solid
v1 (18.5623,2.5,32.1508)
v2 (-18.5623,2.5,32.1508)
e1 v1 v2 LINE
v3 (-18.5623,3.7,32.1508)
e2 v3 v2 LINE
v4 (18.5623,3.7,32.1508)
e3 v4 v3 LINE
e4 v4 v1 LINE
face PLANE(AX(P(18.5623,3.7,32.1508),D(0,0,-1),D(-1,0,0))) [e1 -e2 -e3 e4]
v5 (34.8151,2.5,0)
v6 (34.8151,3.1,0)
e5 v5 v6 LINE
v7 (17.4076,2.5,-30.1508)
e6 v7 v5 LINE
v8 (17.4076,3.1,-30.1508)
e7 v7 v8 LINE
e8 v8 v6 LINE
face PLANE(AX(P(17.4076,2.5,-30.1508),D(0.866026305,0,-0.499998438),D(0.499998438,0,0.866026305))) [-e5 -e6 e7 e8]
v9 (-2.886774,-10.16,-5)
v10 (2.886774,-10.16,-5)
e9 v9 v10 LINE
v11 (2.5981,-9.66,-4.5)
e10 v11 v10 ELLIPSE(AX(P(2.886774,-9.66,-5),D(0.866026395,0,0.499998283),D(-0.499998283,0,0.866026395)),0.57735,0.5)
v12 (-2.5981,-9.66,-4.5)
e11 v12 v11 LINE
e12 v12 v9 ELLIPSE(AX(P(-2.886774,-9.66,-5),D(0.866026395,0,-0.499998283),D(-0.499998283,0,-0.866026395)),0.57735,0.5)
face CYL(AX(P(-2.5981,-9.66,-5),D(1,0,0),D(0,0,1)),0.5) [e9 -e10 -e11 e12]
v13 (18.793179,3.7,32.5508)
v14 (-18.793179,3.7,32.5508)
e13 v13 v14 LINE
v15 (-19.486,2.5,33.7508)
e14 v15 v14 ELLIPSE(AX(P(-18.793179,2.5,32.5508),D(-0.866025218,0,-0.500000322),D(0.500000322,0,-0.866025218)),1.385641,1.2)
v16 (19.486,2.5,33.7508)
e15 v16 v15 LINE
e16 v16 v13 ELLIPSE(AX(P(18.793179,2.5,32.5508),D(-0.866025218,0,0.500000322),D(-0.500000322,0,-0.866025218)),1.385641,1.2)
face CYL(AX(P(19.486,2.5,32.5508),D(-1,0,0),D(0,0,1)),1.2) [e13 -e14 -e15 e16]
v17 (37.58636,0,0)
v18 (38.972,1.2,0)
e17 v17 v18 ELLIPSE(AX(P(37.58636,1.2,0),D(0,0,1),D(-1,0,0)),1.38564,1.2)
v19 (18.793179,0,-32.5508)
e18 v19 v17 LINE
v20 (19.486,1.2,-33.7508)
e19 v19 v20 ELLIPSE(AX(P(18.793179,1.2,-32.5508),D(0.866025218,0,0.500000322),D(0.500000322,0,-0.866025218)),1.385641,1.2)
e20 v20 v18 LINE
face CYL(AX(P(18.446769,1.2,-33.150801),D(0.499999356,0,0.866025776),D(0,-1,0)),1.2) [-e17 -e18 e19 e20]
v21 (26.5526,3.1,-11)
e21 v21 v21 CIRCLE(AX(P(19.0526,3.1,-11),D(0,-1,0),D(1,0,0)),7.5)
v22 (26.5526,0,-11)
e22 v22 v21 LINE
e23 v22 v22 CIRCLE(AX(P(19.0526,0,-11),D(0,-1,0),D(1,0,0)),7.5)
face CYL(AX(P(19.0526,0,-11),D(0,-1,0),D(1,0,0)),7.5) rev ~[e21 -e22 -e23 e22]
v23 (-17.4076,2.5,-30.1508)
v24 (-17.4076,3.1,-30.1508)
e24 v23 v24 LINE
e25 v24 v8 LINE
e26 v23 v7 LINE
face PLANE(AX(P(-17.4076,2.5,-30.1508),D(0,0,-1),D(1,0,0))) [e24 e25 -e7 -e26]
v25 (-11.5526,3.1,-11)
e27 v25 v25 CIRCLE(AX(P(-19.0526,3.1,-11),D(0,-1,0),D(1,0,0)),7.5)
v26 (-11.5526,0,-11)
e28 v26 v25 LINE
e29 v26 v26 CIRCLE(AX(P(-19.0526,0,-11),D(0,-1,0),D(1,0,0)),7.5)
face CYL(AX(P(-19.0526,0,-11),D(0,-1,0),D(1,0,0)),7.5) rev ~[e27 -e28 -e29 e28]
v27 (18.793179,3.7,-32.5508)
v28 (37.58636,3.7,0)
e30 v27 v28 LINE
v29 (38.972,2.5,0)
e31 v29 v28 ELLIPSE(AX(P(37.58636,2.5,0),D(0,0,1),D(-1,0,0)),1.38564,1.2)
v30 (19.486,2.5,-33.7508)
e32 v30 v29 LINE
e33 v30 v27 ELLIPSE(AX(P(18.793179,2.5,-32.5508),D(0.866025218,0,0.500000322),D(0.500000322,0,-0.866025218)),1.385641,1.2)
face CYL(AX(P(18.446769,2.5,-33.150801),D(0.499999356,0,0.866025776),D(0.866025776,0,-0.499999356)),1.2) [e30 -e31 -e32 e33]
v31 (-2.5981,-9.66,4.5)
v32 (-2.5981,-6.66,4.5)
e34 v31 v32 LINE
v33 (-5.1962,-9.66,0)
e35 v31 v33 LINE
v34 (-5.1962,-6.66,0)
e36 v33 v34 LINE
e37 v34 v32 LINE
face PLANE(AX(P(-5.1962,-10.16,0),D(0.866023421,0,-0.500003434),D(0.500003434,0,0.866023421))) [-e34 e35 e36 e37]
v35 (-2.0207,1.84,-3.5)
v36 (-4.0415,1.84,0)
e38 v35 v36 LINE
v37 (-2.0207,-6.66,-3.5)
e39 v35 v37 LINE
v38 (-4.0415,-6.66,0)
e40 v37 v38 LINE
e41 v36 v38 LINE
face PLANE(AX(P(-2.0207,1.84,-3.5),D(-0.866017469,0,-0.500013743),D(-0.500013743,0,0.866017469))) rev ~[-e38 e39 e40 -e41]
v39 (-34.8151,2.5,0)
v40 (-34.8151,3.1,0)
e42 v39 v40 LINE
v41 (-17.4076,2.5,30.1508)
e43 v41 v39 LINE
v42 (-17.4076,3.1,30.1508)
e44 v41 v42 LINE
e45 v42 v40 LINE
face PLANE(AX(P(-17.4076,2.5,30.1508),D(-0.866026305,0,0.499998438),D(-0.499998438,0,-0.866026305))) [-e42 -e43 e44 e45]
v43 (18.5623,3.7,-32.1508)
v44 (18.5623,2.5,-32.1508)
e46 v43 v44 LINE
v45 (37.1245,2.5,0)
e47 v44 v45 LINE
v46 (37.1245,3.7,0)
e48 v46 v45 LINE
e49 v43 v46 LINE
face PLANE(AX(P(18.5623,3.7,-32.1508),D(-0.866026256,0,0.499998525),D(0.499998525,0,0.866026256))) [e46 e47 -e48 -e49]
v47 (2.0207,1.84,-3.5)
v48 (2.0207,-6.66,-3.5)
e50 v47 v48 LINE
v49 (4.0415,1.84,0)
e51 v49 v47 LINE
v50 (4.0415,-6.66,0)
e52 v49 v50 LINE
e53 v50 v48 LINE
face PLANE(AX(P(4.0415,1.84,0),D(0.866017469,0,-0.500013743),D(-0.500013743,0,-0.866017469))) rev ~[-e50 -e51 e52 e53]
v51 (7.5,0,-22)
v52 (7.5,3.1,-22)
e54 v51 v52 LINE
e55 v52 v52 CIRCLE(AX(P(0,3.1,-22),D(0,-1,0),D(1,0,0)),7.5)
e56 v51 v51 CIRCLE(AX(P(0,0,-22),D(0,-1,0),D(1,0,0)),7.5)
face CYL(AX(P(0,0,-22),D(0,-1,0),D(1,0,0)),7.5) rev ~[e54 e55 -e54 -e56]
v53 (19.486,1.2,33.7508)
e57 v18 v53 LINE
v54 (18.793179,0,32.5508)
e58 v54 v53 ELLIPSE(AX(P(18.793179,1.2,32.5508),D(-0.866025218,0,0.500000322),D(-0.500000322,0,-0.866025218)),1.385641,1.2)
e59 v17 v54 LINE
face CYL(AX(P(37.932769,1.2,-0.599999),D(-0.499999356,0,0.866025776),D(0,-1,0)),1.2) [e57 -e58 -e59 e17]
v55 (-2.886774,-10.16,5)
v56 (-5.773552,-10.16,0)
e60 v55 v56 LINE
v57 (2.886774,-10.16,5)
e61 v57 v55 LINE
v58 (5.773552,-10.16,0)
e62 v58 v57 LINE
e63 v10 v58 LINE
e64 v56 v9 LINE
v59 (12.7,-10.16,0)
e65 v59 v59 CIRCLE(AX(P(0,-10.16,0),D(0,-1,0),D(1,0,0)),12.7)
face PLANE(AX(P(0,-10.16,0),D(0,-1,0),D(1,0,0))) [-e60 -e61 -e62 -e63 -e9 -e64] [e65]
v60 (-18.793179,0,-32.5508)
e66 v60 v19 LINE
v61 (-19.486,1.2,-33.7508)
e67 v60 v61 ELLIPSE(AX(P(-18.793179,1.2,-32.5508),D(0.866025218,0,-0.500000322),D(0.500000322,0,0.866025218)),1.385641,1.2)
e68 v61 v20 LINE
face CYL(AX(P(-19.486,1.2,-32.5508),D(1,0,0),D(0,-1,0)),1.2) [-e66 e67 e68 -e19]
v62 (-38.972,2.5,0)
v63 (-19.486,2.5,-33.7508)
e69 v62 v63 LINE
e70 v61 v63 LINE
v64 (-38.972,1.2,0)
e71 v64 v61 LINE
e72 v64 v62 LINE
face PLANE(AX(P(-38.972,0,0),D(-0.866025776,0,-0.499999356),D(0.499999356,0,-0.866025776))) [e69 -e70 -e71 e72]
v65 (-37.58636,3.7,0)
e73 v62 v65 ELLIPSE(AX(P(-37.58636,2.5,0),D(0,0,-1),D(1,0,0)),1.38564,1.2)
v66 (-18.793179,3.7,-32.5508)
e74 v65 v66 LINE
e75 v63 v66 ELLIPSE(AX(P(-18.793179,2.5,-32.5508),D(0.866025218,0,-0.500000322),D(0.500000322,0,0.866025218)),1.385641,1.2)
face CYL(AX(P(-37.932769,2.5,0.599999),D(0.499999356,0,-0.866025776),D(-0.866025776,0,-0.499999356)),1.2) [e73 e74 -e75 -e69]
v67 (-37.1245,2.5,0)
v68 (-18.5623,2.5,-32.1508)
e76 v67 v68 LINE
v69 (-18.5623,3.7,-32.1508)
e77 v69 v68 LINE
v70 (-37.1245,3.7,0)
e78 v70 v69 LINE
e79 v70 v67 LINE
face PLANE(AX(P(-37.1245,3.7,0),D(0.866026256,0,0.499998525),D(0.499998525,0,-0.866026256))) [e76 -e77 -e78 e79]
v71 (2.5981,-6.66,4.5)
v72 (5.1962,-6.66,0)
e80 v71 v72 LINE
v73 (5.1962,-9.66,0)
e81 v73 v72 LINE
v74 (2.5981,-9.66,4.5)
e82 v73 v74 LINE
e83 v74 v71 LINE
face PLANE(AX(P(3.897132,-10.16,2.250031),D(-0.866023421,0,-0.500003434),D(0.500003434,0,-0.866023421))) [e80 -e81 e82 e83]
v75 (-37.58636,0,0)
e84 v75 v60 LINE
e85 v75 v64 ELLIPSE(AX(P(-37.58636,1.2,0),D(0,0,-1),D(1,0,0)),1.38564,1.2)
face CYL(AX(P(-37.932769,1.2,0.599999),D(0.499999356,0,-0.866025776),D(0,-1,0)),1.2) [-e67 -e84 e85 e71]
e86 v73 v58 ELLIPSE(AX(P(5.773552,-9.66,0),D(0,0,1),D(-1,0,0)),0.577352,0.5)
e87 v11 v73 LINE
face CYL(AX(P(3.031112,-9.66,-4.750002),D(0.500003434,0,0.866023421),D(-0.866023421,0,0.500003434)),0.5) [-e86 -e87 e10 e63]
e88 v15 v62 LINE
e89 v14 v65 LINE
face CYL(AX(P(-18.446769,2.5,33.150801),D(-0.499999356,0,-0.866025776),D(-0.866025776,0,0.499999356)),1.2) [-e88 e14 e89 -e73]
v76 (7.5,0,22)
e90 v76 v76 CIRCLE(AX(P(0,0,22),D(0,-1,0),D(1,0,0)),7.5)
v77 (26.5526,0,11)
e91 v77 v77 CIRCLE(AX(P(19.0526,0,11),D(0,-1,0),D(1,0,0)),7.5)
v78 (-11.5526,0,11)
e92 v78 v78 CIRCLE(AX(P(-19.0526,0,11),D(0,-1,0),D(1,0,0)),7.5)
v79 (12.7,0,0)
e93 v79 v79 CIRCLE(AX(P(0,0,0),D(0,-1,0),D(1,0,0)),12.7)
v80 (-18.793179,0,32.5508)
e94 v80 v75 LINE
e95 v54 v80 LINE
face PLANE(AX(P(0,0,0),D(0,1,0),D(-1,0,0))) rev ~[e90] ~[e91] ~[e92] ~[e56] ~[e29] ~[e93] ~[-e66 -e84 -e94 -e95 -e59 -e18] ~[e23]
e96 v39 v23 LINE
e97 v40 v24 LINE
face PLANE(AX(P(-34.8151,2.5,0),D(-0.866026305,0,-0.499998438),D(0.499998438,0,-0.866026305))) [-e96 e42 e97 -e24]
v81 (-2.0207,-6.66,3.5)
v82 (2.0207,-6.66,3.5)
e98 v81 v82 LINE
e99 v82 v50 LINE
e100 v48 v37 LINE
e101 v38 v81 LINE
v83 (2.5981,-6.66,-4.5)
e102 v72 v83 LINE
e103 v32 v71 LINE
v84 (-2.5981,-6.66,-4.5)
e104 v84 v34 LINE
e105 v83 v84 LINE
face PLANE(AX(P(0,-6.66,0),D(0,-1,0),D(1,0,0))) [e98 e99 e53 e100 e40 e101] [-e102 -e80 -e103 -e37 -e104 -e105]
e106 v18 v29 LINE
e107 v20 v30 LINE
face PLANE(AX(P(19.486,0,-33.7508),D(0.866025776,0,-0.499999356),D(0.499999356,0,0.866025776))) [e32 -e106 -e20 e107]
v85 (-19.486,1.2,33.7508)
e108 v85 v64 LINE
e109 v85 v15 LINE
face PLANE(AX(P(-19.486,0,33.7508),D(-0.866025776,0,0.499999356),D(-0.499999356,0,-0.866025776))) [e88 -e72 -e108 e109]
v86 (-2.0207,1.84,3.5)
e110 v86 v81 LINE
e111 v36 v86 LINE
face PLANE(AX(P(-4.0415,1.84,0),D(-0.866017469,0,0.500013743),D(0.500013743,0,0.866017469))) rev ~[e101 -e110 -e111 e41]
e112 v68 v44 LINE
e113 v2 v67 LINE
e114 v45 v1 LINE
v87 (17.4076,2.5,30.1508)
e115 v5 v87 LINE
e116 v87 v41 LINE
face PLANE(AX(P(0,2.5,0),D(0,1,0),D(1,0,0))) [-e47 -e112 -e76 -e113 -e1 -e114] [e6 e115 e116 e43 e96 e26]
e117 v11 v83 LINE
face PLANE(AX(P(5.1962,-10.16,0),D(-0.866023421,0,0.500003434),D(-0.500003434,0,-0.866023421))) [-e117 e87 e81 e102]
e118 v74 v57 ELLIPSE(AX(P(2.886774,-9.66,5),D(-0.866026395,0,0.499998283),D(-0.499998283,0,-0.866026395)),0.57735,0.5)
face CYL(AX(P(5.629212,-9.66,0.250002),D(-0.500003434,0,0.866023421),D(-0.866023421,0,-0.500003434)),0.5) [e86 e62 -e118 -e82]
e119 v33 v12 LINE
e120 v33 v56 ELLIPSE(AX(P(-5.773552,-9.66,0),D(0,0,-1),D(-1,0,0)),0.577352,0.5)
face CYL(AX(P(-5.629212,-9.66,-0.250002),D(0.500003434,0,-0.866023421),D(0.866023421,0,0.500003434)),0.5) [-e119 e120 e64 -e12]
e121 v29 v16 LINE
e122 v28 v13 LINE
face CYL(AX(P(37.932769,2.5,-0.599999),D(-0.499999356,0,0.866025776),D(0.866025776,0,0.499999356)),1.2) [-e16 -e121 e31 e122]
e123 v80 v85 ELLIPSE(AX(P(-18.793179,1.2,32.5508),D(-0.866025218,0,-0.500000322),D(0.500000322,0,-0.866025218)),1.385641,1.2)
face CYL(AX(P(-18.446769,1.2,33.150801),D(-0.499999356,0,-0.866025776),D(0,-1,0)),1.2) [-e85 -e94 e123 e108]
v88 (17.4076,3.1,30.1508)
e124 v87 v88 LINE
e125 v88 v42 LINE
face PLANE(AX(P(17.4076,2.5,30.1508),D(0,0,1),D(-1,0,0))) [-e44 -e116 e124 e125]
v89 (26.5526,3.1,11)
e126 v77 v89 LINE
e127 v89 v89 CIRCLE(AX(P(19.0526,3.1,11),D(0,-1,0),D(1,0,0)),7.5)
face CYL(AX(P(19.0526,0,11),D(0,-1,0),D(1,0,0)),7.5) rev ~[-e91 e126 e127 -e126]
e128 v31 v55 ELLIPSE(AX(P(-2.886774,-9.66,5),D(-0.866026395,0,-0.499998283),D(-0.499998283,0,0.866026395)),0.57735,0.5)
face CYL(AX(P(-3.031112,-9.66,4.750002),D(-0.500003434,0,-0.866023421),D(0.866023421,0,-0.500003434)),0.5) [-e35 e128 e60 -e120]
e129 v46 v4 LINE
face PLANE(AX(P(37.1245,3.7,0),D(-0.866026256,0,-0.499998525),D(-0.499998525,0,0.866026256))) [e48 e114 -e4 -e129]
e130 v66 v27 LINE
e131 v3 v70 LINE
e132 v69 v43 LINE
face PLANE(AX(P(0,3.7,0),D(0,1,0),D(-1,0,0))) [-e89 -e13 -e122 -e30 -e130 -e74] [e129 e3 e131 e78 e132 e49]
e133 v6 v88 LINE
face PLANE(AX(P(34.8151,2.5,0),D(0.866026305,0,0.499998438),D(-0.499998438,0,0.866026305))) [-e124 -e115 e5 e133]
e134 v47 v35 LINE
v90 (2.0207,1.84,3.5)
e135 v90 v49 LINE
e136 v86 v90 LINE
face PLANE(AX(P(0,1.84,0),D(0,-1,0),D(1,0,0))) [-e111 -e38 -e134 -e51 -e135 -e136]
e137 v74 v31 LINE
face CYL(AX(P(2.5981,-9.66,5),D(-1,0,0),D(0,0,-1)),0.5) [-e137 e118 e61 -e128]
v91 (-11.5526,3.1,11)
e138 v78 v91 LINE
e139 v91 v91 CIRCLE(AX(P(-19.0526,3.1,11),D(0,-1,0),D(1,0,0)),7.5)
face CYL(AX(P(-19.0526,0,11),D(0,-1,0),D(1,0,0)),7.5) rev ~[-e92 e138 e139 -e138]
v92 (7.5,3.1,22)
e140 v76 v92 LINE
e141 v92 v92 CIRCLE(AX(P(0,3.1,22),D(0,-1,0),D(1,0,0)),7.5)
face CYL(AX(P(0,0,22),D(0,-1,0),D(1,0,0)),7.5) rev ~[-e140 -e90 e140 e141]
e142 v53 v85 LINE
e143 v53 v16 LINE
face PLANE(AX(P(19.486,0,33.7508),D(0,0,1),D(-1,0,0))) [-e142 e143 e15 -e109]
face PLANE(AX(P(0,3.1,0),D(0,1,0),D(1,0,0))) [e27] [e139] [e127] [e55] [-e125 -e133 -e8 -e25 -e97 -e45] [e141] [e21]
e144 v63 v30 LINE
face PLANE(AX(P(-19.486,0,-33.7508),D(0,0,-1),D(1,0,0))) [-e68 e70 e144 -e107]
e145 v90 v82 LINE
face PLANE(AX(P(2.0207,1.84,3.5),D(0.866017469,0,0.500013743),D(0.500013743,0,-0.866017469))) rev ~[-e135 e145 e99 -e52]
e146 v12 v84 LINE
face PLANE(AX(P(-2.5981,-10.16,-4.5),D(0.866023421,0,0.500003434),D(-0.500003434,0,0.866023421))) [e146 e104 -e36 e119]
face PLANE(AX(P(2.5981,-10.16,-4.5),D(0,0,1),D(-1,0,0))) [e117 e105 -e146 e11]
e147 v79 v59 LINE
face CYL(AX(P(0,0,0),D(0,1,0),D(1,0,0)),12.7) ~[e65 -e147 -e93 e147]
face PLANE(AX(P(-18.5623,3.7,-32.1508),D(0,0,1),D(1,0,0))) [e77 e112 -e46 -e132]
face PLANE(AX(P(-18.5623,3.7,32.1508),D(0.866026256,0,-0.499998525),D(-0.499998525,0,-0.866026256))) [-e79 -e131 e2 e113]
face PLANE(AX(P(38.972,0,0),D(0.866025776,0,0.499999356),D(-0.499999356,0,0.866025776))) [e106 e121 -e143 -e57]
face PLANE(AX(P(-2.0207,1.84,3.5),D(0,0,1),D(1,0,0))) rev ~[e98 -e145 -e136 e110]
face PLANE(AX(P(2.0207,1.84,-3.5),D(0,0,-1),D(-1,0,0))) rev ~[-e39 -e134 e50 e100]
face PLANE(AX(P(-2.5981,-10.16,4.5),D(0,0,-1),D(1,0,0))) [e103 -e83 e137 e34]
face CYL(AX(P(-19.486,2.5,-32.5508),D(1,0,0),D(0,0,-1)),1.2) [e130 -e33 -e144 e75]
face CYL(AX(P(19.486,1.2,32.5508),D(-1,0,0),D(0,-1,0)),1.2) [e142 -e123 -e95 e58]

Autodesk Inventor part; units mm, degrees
ref_plane "YZ Plane" through (0, 0, 0) normal (1, 0, 0) x (0, 1, 0)
ref_plane "XZ Plane" through (0, 0, 0) normal (0, 1, 0) x (-1, 0, 0)
ref_plane "XY Plane" through (0, 0, 0) normal (0, 0, 1) x (1, 0, 0)
sketch "스케치1" plane through (0, 0, 0) normal (0, 1, 0) x (-1, 0, 0)
  line L0 (17.6385, -30.5508) -> (-17.6385, -30.5508)
  line L1 (-17.6385, -30.5508) -> (-35.277, 0)
  line L2 (-35.277, 0) -> (-17.6385, 30.5508)
  line L3 (-17.6385, 30.5508) -> (17.6385, 30.5508)
  line L4 (17.6385, 30.5508) -> (35.277, 0)
  line L5 (35.277, 0) -> (17.6385, -30.5508)
  line L6 (19.486, -33.7508) -> (-19.486, -33.7508)
  line L7 (-19.486, -33.7508) -> (-38.972, 0)
  line L8 (-38.972, 0) -> (-19.486, 33.7508)
  line L9 (-19.486, 33.7508) -> (19.486, 33.7508)
  line L10 (19.486, 33.7508) -> (38.972, 0)
  line L11 (38.972, 0) -> (19.486, -33.7508)
  point P0 (0, 0)
  point P1 (0, 0)
  point P2 (0, 0)
  dimension "d0" = 70.554
  dimension "d1" = 3.2
extrude "돌출1" add sketch "스케치1" along normal blind 3.7 contours L0 L1 L2 L3 L4 L5 | L6 L7 L8 L9 L10 L11
sketch "스케치2" plane through (0, 3.7, 0) normal (0, 1, 0) x (1, 0, 0)
  line L0 (-18.5623, 32.1508) -> (18.5623, 32.1508)
  line L1 (18.5623, 32.1508) -> (37.1245, 0)
  line L2 (37.1245, 0) -> (18.5623, -32.1508)
  line L3 (18.5623, -32.1508) -> (-18.5623, -32.1508)
  line L4 (-18.5623, -32.1508) -> (-37.1245, 0)
  line L5 (-37.1245, 0) -> (-18.5623, 32.1508)
  line L6 (-19.486, 33.7508) -> (-38.972, 0) projected
  point P0 (0, 0)
  point P1 (0, 0)
  dimension "d4" = 1.6
extrude "돌출2" cut sketch "스케치2" against normal blind 1.2
sketch "스케치3" plane through (0, 2.5, 0) normal (0, 1, 0) x (1, 0, 0)
  line L0 (17.4076, -30.1508) -> (-17.4076, -30.1508)
  line L1 (-17.4076, -30.1508) -> (-34.8151, 0)
  line L2 (-34.8151, 0) -> (-17.4076, 30.1508)
  line L3 (-17.4076, 30.1508) -> (17.4076, 30.1508)
  line L4 (17.4076, 30.1508) -> (34.8151, 0)
  line L5 (34.8151, 0) -> (17.4076, -30.1508)
  line L6 (-18.5623, 32.1508) -> (18.5623, 32.1508) projected
  point P0 (0, 0)
  point P1 (0, 0)
  dimension "d7" = 2
extrude "돌출3" add sketch "스케치3" along normal blind 0.6
fillet "모깎기1" radius 1.2 12 edges at (0, 3.7, -33.7508) (0, 0, -33.7508) (-29.229, 3.7, -16.8754) (-29.229, 0, -16.8754) (-29.229, 3.7, 16.8754) (-29.229, 0, 16.8754) (0, 0, 33.7508) (0, 3.7, 33.7508) (29.229, 0, 16.8754) (29.229, 3.7, 16.8754) (29.229, 3.7, -16.8754) (29.229, 0, -16.8754)
sketch "스케치11" plane through (0, 0, 0) normal (0, -1, 0) x (1, 0, 0)
  circle A0 centre (0, 0) radius 12.7
  dimension "d49" = 25.4
extrude "돌출11" add sketch "스케치11" along normal blind 10.16
sketch "스케치12" plane through (0, -10.16, 0) normal (0, -1, 0) x (1, 0, 0)
  circle A0 centre (0, 0) radius 4.5
  line L0 (-2.5981, 4.5) -> (2.5981, 4.5)
  line L1 (2.5981, 4.5) -> (5.1962, 0)
  line L2 (5.1962, 0) -> (2.5981, -4.5)
  line L3 (2.5981, -4.5) -> (-2.5981, -4.5)
  line L4 (-2.5981, -4.5) -> (-5.1962, 0)
  line L5 (-5.1962, 0) -> (-2.5981, 4.5)
  point P0 (-3.8971, 2.25)
  point P1 (-3.8971, -2.25)
  point P2 (0, 4.5)
  point P3 (0, -4.5)
  point P4 (3.8971, -2.25)
  point P5 (3.8971, 2.25)
  dimension "d52" = 9
extrude "돌출12" cut sketch "스케치12" against normal blind 12
sketch "스케치13" plane through (0, 0, 0) normal (0, -1, 0) x (1, 0, 0)
  circle A0 centre (0, -22) radius 7.5
  circle A1 centre (19.0526, -11) radius 7.5
  circle A2 centre (19.0526, 11) radius 7.5
  circle A3 centre (0, 22) radius 7.5
  circle A4 centre (-19.0526, 11) radius 7.5
  circle A5 centre (-19.0526, -11) radius 7.5
  point P0 (0, 0)
  dimension "d57" = 15
  dimension "d58" = 22
  dimension "d61" = 360
extrude "돌출13" cut sketch "스케치13" against normal up to surface (3.1 mm away)
sketch "스케치16" plane through (0, 1.84, 0) normal (0, -1, 0) x (1, 0, 0)
  line L0 (-2.5981, 4.5) -> (2.5981, 4.5) projected
  line L1 (-5.1962, 0) -> (-2.5981, 4.5) projected
  line L2 (-2.5981, -4.5) -> (-5.1962, 0) projected
  line L3 (2.5981, -4.5) -> (-2.5981, -4.5) projected
  line L4 (5.1962, 0) -> (2.5981, -4.5) projected
  line L5 (2.5981, 4.5) -> (5.1962, 0) projected
  line L6 (-2.0207, 3.5) -> (2.0207, 3.5)
  line L7 (2.0207, 3.5) -> (4.0415, 0)
  line L8 (4.0415, 0) -> (2.0207, -3.5)
  line L9 (2.0207, -3.5) -> (-2.0207, -3.5)
  line L10 (-2.0207, -3.5) -> (-4.0415, 0)
  line L11 (-4.0415, 0) -> (-2.0207, 3.5)
  point P0 (0, 0)
  point P1 (0, 0)
  point P2 (0, 3.5)
  dimension "d83" = 1
extrude "돌출14" add sketch "스케치16" along normal blind 8.5
fillet "모깎기2" radius 0.5 6 edges at (0, -10.16, 4.5) (-3.8971, -10.16, 2.25) (3.8971, -10.16, 2.25) (3.8971, -10.16, -2.25) (-3.8971, -10.16, -2.25) (0, -10.16, -4.5)
properties part number "OV-PAM_n_6_bottom"
